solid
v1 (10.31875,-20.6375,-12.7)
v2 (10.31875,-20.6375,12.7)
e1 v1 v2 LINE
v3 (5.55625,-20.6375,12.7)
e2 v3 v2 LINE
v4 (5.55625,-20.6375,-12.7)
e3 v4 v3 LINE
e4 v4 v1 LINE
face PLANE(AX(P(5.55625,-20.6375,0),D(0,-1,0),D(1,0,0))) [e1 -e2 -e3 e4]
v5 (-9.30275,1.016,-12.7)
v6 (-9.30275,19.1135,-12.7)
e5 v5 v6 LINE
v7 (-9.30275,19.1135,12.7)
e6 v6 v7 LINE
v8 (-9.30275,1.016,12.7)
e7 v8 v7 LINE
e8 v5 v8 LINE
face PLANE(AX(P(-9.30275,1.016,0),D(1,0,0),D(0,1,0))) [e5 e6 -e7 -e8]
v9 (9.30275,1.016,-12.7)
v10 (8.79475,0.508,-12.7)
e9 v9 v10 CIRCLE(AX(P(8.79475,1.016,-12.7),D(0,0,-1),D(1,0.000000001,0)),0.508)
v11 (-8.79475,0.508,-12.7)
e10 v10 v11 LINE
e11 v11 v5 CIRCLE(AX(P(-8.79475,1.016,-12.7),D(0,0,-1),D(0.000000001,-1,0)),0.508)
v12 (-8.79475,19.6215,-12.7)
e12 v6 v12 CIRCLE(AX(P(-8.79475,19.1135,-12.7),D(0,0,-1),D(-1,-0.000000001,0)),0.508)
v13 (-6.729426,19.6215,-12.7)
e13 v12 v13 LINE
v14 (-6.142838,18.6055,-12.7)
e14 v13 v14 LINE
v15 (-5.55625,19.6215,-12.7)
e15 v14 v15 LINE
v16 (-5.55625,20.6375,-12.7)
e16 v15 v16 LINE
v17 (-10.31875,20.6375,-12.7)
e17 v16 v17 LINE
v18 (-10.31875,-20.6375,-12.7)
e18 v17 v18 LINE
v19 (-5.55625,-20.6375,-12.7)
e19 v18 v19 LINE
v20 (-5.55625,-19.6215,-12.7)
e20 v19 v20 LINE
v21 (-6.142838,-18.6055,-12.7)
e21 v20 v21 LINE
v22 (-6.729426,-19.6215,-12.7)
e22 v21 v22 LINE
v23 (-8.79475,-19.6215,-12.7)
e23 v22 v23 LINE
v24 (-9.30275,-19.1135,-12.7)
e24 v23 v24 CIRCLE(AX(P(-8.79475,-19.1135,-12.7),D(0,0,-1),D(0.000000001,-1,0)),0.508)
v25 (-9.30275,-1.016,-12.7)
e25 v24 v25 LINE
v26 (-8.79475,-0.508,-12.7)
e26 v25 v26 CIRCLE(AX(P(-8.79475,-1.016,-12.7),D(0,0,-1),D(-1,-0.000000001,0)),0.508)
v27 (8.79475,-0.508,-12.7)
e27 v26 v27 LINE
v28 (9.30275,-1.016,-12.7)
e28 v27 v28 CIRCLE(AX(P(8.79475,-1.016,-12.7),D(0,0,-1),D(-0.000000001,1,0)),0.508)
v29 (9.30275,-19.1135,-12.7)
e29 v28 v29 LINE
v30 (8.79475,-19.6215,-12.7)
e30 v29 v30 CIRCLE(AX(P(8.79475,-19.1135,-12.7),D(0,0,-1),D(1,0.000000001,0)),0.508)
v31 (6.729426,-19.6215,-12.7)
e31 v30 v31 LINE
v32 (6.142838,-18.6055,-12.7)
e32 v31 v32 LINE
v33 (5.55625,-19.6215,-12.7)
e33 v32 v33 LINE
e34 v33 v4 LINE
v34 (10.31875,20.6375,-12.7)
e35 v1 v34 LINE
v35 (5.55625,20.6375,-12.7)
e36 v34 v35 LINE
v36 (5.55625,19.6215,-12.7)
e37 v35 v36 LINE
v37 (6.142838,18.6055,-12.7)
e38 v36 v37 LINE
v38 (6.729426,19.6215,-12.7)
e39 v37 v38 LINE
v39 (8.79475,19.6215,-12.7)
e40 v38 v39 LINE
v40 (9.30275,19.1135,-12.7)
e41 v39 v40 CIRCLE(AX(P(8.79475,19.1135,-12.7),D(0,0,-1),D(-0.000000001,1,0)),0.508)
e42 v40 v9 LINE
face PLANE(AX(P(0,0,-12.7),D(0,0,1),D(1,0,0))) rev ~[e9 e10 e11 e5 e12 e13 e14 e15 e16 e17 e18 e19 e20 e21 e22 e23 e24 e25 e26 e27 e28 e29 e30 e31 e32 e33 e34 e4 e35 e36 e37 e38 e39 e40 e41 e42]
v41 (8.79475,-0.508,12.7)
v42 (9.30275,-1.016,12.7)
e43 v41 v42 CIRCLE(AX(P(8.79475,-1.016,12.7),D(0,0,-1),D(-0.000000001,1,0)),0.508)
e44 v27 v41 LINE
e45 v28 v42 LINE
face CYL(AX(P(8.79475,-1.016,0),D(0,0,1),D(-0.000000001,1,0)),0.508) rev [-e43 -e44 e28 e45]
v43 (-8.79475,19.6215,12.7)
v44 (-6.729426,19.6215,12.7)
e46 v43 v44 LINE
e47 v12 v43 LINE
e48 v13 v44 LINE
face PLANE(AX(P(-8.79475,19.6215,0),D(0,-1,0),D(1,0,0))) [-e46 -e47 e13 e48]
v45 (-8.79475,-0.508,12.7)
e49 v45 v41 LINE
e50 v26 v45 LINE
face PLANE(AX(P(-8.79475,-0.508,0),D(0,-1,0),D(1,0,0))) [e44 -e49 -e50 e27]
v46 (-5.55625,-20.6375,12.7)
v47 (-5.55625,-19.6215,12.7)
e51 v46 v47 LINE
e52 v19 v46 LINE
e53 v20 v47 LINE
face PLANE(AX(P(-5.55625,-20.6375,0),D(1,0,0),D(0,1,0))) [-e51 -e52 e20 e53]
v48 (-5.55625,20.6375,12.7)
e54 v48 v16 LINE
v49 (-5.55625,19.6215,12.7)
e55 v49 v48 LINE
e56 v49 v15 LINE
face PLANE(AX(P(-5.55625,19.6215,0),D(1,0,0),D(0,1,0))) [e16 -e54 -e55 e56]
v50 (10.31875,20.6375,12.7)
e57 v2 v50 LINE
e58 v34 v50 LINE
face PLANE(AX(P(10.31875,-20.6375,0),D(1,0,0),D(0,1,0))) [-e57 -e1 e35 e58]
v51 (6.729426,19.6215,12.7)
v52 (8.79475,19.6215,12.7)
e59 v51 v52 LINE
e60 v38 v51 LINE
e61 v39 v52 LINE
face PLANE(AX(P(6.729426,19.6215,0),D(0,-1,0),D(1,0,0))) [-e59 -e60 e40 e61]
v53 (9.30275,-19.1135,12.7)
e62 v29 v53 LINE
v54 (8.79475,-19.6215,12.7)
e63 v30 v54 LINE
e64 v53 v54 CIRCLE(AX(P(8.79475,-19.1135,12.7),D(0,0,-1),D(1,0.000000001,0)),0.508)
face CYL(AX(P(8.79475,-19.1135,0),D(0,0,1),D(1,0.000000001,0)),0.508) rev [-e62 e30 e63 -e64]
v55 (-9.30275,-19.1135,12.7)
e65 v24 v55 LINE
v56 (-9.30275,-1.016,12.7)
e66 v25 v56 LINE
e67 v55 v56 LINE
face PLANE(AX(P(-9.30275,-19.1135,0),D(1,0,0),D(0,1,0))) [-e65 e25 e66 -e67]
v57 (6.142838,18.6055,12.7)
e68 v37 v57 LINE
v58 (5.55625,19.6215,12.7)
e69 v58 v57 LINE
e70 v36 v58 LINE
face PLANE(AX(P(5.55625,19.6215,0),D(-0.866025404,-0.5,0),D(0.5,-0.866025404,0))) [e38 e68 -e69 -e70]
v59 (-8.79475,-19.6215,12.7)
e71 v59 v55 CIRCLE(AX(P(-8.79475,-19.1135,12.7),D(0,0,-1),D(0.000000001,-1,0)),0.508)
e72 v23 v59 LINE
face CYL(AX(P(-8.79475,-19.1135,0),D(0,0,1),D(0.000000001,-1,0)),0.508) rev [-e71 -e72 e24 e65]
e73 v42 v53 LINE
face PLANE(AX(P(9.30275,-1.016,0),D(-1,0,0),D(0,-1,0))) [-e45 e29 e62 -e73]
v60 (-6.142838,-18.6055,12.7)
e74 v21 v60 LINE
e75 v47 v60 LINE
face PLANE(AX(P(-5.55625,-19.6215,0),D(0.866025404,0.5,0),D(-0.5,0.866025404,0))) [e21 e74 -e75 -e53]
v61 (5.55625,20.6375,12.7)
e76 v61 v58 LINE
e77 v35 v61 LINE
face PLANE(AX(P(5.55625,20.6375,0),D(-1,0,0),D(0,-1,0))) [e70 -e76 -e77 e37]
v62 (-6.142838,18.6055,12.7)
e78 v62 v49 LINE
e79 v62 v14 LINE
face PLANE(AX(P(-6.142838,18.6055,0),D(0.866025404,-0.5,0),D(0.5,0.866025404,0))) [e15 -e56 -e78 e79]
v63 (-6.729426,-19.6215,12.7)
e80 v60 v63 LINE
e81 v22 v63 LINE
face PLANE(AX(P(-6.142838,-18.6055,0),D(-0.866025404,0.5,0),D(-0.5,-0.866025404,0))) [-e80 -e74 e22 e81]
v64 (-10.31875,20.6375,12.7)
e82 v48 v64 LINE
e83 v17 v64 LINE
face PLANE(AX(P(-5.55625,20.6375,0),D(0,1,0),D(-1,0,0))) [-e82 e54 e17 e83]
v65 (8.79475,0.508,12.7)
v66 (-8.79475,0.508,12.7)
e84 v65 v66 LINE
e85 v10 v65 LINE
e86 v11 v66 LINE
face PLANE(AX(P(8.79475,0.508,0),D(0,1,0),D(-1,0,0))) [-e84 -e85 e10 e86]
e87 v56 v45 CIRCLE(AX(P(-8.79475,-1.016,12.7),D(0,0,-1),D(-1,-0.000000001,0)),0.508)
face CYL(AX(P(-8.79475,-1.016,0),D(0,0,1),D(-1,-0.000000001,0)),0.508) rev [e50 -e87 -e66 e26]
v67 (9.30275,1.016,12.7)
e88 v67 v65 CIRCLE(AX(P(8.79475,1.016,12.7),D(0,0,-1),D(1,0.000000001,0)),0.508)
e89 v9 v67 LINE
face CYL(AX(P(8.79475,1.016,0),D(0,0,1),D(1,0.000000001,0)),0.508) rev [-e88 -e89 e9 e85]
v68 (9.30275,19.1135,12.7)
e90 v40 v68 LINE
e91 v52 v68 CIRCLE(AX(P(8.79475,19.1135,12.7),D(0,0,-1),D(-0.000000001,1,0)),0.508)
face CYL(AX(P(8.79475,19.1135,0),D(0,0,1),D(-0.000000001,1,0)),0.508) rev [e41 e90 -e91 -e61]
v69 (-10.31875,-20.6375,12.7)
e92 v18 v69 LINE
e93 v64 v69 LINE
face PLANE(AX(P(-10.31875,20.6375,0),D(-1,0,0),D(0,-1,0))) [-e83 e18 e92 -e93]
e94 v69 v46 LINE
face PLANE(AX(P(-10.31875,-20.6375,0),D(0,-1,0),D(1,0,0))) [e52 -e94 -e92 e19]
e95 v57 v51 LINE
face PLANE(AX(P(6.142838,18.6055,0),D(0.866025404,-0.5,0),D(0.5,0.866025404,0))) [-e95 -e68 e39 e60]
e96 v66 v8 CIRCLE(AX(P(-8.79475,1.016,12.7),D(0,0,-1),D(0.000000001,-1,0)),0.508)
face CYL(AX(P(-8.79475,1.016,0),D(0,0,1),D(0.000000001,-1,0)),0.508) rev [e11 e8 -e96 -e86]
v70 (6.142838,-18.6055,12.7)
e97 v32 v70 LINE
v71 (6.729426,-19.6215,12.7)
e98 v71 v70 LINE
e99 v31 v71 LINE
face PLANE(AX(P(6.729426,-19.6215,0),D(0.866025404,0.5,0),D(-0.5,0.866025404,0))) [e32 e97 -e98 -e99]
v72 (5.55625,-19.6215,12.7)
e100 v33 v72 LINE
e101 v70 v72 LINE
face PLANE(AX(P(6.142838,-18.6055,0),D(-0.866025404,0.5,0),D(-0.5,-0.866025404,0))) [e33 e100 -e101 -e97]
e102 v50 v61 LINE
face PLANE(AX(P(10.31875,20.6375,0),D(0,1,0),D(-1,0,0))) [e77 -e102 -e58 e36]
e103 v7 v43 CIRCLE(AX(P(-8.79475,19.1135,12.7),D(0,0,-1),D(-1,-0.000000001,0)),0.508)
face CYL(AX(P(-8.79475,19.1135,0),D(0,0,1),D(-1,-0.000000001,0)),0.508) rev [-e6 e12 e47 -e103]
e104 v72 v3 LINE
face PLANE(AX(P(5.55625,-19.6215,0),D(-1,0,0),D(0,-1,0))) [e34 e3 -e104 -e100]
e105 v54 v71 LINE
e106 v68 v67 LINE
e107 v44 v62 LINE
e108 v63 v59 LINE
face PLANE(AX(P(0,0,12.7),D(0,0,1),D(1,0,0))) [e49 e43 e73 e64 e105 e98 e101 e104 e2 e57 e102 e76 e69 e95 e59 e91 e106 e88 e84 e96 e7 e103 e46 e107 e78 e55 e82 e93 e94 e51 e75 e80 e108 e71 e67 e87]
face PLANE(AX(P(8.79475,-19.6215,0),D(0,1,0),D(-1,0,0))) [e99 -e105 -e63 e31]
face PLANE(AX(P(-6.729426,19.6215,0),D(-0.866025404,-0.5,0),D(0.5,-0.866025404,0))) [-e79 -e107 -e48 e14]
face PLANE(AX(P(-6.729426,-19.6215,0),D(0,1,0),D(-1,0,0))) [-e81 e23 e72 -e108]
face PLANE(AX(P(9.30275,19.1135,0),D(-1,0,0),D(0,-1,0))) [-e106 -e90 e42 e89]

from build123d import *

# Parameters (mm, degrees)
BASE_EXTRUDE_DEPTH = 12.7


with BuildPart() as part:
    # Sketch1 → Base-Extrude (new, symmetric)
    with BuildSketch(Plane.XY):
        with BuildLine():
            Line((-5.55625, 20.6375), (-10.31875, 20.6375))
            Line((-10.31875, 20.6375), (-10.31875, -20.6375))
            Line((-10.31875, -20.6375), (-5.55625, -20.6375))
            Line((-5.55625, -20.6375), (-5.55625, -19.6215))
            Line((-5.55625, -19.6215), (-6.142837874, -18.6055))
            Line((-6.142837874, -18.6055), (-6.729425747, -19.6215))
            Line((-6.729425747, -19.6215), (-8.79475, -19.6215))
            ThreePointArc((-8.79475, -19.6215), (-9.153960245, -19.472710245), (-9.30275, -19.1135))
            Line((-9.30275, -19.1135), (-9.30275, -1.016))
            ThreePointArc((-9.30275, -1.016), (-9.153960245, -0.656789755), (-8.79475, -0.508))
            Line((-8.79475, -0.508), (8.79475, -0.508))
            ThreePointArc((8.79475, -0.508), (9.153960245, -0.656789755), (9.30275, -1.016))
            Line((9.30275, -1.016), (9.30275, -19.1135))
            ThreePointArc((9.30275, -19.1135), (9.153960245, -19.472710245), (8.79475, -19.6215))
            Line((8.79475, -19.6215), (6.729425747, -19.6215))
            Line((6.729425747, -19.6215), (6.142837874, -18.6055))
            Line((6.142837874, -18.6055), (5.55625, -19.6215))
            Line((5.55625, -19.6215), (5.55625, -20.6375))
            Line((5.55625, -20.6375), (10.31875, -20.6375))
            Line((10.31875, -20.6375), (10.31875, 20.6375))
            Line((10.31875, 20.6375), (5.55625, 20.6375))
            Line((5.55625, 20.6375), (5.55625, 19.6215))
            Line((5.55625, 19.6215), (6.142837874, 18.6055))
            Line((6.142837874, 18.6055), (6.729425747, 19.6215))
            Line((6.729425747, 19.6215), (8.79475, 19.6215))
            ThreePointArc((8.79475, 19.6215), (9.153960245, 19.472710245), (9.30275, 19.1135))
            Line((9.30275, 19.1135), (9.30275, 1.016))
            ThreePointArc((9.30275, 1.016), (9.153960245, 0.656789755), (8.79475, 0.508))
            Line((8.79475, 0.508), (-8.79475, 0.508))
            ThreePointArc((-8.79475, 0.508), (-9.153960245, 0.656789755), (-9.30275, 1.016))
            Line((-9.30275, 1.016), (-9.30275, 19.1135))
            ThreePointArc((-9.30275, 19.1135), (-9.153960245, 19.472710245), (-8.79475, 19.6215))
            Line((-8.79475, 19.6215), (-6.729425747, 19.6215))
            Line((-6.729425747, 19.6215), (-6.142837874, 18.6055))
            Line((-6.142837874, 18.6055), (-5.55625, 19.6215))
            Line((-5.55625, 19.6215), (-5.55625, 20.6375))
        make_face()
    extrude(amount=BASE_EXTRUDE_DEPTH, both=True)


solid = part.part
